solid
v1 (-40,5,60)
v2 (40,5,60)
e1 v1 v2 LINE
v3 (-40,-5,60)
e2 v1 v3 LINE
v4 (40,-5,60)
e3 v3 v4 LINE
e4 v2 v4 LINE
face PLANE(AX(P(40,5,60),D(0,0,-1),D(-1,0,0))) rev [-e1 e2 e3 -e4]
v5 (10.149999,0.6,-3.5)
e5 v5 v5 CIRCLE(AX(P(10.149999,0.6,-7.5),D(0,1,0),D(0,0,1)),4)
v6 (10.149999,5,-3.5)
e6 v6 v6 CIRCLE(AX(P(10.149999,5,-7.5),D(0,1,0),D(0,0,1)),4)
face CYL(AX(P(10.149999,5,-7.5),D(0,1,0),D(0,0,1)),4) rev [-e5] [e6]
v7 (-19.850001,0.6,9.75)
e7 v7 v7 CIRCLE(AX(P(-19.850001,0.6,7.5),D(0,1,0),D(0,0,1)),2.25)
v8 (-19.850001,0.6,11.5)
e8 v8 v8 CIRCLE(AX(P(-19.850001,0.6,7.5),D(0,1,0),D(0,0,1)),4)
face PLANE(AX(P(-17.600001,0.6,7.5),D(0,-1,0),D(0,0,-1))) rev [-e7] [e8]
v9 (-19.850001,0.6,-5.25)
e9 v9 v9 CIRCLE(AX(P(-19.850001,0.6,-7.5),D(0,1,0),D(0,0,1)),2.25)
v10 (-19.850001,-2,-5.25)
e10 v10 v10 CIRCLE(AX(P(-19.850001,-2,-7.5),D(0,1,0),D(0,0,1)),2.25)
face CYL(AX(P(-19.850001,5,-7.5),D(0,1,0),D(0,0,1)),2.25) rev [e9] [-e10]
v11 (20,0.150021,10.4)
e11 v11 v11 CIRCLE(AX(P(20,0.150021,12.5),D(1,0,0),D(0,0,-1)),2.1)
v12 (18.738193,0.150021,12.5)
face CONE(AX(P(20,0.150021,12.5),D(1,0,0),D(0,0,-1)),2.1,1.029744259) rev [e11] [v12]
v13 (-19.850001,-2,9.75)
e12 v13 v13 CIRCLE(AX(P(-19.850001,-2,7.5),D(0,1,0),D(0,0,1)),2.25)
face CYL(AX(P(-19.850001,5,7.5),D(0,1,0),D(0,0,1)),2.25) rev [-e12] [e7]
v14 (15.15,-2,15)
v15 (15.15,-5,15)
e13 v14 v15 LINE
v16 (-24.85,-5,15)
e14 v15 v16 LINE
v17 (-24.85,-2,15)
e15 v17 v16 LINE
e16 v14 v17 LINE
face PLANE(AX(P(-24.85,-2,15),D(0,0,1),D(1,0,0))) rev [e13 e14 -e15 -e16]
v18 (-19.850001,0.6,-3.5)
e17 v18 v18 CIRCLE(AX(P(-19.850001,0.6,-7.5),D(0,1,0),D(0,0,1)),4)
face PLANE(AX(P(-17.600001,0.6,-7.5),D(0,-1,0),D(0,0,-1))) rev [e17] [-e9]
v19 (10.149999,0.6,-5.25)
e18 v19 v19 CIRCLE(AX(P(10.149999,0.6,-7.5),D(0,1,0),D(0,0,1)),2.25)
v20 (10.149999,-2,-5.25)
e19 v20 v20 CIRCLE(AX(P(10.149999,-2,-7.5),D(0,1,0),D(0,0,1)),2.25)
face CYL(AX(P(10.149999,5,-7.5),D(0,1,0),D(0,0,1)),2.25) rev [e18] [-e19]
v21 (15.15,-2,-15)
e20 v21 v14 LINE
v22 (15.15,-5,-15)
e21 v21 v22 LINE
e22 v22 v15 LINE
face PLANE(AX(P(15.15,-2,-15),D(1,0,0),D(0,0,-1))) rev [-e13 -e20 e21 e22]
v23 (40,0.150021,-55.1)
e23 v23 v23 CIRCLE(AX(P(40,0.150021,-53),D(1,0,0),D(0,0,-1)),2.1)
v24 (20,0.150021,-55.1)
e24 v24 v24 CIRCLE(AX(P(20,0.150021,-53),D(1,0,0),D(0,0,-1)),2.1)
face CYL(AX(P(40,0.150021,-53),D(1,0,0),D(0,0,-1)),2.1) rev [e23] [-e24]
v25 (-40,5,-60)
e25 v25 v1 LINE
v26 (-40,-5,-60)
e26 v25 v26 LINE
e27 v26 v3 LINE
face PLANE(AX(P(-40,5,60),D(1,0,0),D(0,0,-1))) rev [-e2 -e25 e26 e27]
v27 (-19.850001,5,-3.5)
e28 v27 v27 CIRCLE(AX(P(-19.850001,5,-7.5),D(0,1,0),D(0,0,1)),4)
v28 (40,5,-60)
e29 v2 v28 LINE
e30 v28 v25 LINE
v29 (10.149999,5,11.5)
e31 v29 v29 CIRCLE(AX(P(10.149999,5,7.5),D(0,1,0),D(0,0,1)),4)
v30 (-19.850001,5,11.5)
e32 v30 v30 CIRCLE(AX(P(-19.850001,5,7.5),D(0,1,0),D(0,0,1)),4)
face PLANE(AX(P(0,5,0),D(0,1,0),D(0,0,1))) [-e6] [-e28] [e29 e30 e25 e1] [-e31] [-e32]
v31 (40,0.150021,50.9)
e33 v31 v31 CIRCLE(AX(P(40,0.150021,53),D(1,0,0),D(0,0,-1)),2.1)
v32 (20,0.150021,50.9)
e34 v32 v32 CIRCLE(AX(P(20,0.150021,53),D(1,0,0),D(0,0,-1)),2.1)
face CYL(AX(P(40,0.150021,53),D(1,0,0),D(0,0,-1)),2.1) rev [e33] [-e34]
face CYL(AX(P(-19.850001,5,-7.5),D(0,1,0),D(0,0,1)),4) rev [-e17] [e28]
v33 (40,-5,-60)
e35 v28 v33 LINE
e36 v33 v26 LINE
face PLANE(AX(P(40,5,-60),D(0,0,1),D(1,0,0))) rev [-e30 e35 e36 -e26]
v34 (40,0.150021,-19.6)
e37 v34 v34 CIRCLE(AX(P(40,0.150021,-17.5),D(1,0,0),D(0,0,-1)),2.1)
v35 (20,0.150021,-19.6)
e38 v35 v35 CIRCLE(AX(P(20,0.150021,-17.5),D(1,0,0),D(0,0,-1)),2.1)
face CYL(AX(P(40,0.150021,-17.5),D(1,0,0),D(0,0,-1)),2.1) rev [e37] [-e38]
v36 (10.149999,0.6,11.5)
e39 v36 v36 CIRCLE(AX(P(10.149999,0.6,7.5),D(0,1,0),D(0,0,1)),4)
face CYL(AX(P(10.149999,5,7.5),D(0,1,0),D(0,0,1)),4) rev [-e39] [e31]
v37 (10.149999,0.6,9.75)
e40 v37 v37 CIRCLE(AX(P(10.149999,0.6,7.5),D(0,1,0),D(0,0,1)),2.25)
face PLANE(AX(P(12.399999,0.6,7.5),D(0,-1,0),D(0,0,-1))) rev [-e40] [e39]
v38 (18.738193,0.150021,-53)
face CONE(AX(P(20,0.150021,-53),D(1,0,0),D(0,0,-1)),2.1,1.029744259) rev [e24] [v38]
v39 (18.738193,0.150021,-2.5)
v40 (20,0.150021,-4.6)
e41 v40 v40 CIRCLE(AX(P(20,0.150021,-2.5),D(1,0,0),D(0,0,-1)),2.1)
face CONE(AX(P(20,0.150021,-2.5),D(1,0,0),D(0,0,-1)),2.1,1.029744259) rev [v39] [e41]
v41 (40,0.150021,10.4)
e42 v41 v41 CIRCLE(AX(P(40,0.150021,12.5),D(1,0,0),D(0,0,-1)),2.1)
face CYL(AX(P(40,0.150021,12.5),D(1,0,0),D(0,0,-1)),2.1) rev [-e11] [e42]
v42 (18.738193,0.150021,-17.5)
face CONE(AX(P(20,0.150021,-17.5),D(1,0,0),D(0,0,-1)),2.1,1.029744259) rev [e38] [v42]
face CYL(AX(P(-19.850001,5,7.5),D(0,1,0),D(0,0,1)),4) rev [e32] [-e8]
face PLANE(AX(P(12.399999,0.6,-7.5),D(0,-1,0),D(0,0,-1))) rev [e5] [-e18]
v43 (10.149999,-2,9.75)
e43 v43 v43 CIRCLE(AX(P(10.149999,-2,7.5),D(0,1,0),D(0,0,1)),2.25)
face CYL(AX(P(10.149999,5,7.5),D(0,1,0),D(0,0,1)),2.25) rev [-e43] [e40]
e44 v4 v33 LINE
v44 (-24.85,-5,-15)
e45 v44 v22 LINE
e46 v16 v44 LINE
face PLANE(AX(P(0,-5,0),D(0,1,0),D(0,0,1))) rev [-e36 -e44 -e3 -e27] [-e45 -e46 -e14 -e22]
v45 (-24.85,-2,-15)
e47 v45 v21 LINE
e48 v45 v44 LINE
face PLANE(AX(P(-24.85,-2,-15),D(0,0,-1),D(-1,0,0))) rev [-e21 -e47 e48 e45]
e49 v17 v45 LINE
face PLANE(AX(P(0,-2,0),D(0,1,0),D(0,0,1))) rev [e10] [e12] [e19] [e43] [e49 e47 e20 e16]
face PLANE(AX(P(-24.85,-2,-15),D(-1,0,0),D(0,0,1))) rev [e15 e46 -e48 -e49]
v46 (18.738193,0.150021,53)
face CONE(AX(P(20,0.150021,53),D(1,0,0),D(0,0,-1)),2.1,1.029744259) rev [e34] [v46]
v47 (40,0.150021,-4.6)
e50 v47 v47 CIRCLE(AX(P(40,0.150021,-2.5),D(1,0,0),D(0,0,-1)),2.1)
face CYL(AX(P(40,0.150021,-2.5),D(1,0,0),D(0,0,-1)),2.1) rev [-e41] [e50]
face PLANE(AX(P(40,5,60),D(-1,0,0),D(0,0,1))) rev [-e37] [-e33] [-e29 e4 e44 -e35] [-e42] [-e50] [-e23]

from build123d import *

# Parameters (mm, degrees)
SKETCH1_W                                           = 80
SKETCH1_H                                           = 120
BOSS_EXTRUDE1_DEPTH                                 = 5
M5_TAPPED_HOLE1_D                                   = 4.2
M5_TAPPED_HOLE1_DEPTH                               = 20
M5_TAPPED_HOLE1_TIP                                 = 1.2618073
SKETCH6_W                                           = 40
SKETCH6_H                                           = 30
CUT_EXTRUDE2_DEPTH                                  = 3
CBORE_FOR_M4_HEX_SOCKET_HEAD_CAP_SCREW1_D           = 4.5
CBORE_FOR_M4_HEX_SOCKET_HEAD_CAP_SCREW1_DEPTH       = 20
CBORE_FOR_M4_HEX_SOCKET_HEAD_CAP_SCREW1_CBORE_D     = 8
CBORE_FOR_M4_HEX_SOCKET_HEAD_CAP_SCREW1_CBORE_DEPTH = 4.4
CBORE_FOR_M4_HEX_SOCKET_HEAD_CAP_SCREW1_TIP         = 1.351936393


with BuildPart() as part:
    # Sketch1 → Boss-Extrude1 (new, symmetric)
    with BuildSketch(Plane(origin=(0, 0, 0), x_dir=(1, 0, 0), z_dir=(0, 1, 0))):
        Rectangle(SKETCH1_W, SKETCH1_H)
    extrude(amount=BOSS_EXTRUDE1_DEPTH, both=True)

    # M5 Tapped Hole1
    with Locations(Plane(origin=(40, 0, 17.5), x_dir=(0, 0, 1), z_dir=(1, 0, 0))):
        with Locations((-70.5, -0.150021458), (-35, -0.150021458), (-20, -0.150021458), (-5, -0.150021458), (35.5, -0.150021458)):
            Hole(M5_TAPPED_HOLE1_D / 2, depth=M5_TAPPED_HOLE1_DEPTH)
            with Locations((0, 0, -(M5_TAPPED_HOLE1_DEPTH + M5_TAPPED_HOLE1_TIP / 2))):  # 118° drill point
                Cone(0, M5_TAPPED_HOLE1_D / 2, M5_TAPPED_HOLE1_TIP, mode=Mode.SUBTRACT)

    # Sketch6 → Cut-Extrude2 (cut)
    with BuildSketch(Plane.XZ.offset(5)):
        with Locations((-4.85, 0)):
            Rectangle(SKETCH6_W, SKETCH6_H)
    extrude(amount=-CUT_EXTRUDE2_DEPTH, mode=Mode.SUBTRACT)

    # CBORE for M4 Hex Socket Head Cap Screw1
    with Locations(Plane(origin=(0, 5, 0), x_dir=(1, 0, 0), z_dir=(0, 1, 0))):
        with Locations((-19.85000137, 7.5), (10.14999863, 7.5), (10.14999863, -7.5), (-19.85000137, -7.5)):
            CounterBoreHole(CBORE_FOR_M4_HEX_SOCKET_HEAD_CAP_SCREW1_D / 2, CBORE_FOR_M4_HEX_SOCKET_HEAD_CAP_SCREW1_CBORE_D / 2, CBORE_FOR_M4_HEX_SOCKET_HEAD_CAP_SCREW1_CBORE_DEPTH, depth=CBORE_FOR_M4_HEX_SOCKET_HEAD_CAP_SCREW1_DEPTH)
            with Locations((0, 0, -(CBORE_FOR_M4_HEX_SOCKET_HEAD_CAP_SCREW1_DEPTH + CBORE_FOR_M4_HEX_SOCKET_HEAD_CAP_SCREW1_TIP / 2))):  # 118° drill point
                Cone(0, CBORE_FOR_M4_HEX_SOCKET_HEAD_CAP_SCREW1_D / 2, CBORE_FOR_M4_HEX_SOCKET_HEAD_CAP_SCREW1_TIP, mode=Mode.SUBTRACT)


solid = part.part
